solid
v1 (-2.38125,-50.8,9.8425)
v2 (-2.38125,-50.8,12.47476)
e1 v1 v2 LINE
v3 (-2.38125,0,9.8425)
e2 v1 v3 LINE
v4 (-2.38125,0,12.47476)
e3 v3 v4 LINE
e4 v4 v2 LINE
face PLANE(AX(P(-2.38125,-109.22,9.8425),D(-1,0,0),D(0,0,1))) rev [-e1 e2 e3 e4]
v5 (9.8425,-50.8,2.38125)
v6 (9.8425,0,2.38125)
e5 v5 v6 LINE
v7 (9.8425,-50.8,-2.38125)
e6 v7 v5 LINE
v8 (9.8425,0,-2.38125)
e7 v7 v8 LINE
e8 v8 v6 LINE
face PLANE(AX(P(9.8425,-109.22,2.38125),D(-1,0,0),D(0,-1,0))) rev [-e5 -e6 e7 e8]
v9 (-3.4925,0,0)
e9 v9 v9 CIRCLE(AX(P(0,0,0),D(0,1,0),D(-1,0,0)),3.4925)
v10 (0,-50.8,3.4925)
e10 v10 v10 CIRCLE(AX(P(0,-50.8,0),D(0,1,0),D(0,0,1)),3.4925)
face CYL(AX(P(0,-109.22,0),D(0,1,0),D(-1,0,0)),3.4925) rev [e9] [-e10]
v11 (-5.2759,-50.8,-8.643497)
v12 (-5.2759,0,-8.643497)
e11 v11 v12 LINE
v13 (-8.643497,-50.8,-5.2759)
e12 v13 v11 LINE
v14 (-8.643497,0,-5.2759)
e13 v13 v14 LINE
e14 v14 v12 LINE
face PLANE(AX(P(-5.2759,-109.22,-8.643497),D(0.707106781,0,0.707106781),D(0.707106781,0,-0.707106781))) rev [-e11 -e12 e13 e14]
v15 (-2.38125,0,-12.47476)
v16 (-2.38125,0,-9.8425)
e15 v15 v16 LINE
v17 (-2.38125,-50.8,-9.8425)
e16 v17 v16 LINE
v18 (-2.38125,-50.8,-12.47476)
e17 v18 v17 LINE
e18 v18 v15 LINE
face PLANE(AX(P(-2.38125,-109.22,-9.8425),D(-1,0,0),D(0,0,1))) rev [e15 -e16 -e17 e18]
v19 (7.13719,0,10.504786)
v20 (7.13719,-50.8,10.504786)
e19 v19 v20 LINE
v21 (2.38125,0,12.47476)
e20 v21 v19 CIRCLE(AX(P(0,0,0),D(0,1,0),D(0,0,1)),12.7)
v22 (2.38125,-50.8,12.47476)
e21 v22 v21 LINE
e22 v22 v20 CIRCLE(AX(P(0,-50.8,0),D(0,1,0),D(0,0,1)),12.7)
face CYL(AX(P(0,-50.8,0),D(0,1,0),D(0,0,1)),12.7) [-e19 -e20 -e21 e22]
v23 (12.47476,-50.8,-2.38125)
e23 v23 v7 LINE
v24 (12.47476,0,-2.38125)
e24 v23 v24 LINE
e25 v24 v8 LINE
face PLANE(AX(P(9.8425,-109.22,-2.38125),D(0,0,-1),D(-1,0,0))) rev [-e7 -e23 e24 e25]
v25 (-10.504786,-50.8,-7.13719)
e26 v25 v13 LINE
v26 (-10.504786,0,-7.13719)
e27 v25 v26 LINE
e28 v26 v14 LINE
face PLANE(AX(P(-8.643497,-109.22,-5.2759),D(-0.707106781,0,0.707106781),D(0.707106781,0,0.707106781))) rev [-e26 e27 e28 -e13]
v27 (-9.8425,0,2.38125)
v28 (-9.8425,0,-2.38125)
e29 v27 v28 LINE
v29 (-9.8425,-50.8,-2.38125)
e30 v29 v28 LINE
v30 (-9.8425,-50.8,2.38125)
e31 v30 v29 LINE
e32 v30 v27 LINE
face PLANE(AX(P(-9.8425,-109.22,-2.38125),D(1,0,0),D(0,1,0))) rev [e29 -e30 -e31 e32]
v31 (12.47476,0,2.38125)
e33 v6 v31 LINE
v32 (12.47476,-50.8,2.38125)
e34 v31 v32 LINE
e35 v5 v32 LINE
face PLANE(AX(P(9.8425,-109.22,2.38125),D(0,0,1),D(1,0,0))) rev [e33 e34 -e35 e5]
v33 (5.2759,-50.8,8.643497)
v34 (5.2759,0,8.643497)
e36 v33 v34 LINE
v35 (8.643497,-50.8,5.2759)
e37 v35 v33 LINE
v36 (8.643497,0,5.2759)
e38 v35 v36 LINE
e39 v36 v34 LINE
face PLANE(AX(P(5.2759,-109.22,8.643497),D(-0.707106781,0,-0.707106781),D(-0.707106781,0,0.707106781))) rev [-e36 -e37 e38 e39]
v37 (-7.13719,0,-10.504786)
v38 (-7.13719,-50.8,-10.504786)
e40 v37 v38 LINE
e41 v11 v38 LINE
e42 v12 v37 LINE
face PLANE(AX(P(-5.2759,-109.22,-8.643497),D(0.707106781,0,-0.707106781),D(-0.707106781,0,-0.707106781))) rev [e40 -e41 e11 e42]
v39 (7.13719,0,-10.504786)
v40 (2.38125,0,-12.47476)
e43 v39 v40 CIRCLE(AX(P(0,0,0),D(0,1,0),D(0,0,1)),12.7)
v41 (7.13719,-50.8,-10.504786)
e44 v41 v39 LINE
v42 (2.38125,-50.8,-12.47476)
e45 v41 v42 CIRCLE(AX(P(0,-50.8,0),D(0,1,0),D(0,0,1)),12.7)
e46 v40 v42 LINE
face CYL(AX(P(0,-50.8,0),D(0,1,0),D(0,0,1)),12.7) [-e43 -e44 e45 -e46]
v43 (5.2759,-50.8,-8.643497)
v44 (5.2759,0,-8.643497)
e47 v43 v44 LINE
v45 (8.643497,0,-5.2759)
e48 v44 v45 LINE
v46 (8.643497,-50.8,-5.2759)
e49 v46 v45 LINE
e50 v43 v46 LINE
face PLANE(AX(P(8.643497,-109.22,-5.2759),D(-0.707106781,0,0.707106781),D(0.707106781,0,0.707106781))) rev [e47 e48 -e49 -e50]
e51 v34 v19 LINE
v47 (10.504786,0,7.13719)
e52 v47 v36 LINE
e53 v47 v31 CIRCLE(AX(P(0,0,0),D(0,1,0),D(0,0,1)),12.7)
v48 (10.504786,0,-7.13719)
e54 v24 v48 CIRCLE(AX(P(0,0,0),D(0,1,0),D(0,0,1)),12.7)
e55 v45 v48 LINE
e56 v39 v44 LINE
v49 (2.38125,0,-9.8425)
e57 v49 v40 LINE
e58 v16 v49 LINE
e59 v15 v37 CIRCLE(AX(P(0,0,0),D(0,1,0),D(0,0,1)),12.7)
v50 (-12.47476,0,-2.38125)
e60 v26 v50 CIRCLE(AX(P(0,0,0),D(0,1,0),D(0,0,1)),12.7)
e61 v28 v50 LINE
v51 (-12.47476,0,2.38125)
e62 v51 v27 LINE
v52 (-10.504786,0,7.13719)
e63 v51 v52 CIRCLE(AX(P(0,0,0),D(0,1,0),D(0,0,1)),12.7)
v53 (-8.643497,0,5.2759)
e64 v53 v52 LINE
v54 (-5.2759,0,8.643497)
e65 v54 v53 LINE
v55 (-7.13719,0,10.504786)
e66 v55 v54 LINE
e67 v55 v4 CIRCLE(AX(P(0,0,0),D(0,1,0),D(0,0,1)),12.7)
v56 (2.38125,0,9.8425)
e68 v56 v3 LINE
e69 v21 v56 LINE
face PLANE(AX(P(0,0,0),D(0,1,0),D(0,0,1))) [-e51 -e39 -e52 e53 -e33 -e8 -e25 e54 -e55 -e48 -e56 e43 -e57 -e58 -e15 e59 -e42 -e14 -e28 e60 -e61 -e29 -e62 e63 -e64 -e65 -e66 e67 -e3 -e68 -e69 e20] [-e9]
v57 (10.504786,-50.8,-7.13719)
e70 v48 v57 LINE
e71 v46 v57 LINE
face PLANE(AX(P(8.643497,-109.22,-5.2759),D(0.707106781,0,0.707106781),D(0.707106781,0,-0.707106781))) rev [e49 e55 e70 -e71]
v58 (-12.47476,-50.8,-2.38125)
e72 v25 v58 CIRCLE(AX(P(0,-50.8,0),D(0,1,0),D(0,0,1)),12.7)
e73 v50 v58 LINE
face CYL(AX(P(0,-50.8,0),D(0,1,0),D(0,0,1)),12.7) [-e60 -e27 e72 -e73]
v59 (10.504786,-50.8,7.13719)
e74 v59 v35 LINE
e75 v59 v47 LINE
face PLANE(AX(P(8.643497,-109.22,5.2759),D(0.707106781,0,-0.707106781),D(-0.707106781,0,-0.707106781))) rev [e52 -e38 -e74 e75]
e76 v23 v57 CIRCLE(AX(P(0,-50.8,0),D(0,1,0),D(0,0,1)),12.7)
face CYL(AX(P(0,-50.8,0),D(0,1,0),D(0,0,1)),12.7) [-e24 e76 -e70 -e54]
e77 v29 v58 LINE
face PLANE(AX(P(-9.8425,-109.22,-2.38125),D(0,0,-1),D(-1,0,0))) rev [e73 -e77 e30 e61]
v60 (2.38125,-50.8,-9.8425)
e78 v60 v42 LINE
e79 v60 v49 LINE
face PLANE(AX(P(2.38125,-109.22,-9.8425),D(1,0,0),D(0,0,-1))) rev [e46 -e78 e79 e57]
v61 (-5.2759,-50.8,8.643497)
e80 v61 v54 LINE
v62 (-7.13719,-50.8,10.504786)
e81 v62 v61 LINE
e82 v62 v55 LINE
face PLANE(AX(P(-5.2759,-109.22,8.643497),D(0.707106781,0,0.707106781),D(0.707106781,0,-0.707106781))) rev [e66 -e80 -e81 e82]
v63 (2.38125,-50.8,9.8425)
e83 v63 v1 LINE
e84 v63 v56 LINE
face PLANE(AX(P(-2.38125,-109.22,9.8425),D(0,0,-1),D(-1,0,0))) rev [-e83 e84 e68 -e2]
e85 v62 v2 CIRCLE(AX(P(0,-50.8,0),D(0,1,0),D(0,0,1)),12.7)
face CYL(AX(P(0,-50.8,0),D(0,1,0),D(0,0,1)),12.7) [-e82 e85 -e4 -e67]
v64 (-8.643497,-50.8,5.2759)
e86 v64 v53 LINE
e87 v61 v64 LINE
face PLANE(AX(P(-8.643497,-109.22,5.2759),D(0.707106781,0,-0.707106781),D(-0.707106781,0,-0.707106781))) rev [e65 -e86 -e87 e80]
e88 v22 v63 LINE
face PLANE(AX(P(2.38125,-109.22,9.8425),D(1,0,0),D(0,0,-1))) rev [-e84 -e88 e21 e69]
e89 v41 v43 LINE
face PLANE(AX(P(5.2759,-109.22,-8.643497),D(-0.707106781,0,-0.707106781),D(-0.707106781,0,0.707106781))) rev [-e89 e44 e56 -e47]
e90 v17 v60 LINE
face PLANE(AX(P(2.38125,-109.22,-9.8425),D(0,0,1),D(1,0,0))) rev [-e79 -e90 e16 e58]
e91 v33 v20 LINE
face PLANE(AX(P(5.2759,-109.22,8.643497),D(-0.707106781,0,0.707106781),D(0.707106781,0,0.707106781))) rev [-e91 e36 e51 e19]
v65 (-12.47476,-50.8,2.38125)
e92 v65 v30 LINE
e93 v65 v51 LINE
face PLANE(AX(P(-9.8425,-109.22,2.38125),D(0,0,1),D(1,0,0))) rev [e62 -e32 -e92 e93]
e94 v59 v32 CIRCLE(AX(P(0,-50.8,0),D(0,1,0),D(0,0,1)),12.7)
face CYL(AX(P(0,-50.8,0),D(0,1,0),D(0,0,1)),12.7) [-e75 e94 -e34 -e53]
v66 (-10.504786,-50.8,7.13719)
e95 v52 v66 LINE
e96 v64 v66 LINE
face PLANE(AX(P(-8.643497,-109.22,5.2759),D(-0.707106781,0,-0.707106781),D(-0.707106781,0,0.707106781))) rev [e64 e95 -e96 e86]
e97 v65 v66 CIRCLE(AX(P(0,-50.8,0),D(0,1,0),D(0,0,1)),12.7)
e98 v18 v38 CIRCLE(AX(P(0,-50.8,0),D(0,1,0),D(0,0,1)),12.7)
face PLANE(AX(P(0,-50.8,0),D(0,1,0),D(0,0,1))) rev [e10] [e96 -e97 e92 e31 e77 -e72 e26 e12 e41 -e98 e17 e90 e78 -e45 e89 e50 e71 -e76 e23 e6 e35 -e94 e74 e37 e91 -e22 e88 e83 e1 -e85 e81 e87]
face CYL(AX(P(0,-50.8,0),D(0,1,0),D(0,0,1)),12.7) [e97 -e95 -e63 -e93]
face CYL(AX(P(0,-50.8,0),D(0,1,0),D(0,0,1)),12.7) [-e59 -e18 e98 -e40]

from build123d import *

# Parameters (mm, degrees)
SKETCH1_R           = 12.7
BOSS_EXTRUDE1_DEPTH = 50.8
SKETCH2_R           = 3.4925
SKETCH2_W           = 4.7625
SKETCH2_H           = 5.715
SKETCH2_W_2         = 5.715
SKETCH2_H_2         = 4.7625
CUT_EXTRUDE1_DEPTH  = 109.22


with BuildPart() as part:
    # Sketch1 → Boss-Extrude1 (new body)
    with BuildSketch(Plane(origin=(0, 0, 0), x_dir=(0, 0, -1), z_dir=(0, 1, 0))):
        Circle(SKETCH1_R)
    extrude(amount=-BOSS_EXTRUDE1_DEPTH)

    # Sketch2 → Cut-Extrude1 (cut)
    with BuildSketch(Plane(origin=(0, 0, 0), x_dir=(0, 0, -1), z_dir=(0, 1, 0))):
        Circle(SKETCH2_R)
        Polygon((12.684611771, 9.317015726), (9.317015726, 12.684611771), (5.275900471, 8.643496517), (8.643496517, 5.275900471), align=None)
        with Locations((0, 12.7)):
            Rectangle(SKETCH2_W, SKETCH2_H)
        with Locations((12.7, 0)):
            Rectangle(SKETCH2_W_2, SKETCH2_H_2)
        Polygon((9.317015726, -12.684611771), (12.684611771, -9.317015726), (8.643496517, -5.275900471), (5.275900471, -8.643496517), align=None)
        with Locations((0, -12.7)):
            Rectangle(SKETCH2_W, SKETCH2_H)
        Polygon((-12.684611771, -9.317015726), (-9.317015726, -12.684611771), (-5.275900471, -8.643496517), (-8.643496517, -5.275900471), align=None)
        with Locations((-12.7, 0)):
            Rectangle(SKETCH2_W_2, SKETCH2_H_2)
        Polygon((-9.317015726, 12.684611771), (-12.684611771, 9.317015726), (-8.643496517, 5.275900471), (-5.275900471, 8.643496517), align=None)
    extrude(amount=-CUT_EXTRUDE1_DEPTH, mode=Mode.SUBTRACT)


solid = part.part
